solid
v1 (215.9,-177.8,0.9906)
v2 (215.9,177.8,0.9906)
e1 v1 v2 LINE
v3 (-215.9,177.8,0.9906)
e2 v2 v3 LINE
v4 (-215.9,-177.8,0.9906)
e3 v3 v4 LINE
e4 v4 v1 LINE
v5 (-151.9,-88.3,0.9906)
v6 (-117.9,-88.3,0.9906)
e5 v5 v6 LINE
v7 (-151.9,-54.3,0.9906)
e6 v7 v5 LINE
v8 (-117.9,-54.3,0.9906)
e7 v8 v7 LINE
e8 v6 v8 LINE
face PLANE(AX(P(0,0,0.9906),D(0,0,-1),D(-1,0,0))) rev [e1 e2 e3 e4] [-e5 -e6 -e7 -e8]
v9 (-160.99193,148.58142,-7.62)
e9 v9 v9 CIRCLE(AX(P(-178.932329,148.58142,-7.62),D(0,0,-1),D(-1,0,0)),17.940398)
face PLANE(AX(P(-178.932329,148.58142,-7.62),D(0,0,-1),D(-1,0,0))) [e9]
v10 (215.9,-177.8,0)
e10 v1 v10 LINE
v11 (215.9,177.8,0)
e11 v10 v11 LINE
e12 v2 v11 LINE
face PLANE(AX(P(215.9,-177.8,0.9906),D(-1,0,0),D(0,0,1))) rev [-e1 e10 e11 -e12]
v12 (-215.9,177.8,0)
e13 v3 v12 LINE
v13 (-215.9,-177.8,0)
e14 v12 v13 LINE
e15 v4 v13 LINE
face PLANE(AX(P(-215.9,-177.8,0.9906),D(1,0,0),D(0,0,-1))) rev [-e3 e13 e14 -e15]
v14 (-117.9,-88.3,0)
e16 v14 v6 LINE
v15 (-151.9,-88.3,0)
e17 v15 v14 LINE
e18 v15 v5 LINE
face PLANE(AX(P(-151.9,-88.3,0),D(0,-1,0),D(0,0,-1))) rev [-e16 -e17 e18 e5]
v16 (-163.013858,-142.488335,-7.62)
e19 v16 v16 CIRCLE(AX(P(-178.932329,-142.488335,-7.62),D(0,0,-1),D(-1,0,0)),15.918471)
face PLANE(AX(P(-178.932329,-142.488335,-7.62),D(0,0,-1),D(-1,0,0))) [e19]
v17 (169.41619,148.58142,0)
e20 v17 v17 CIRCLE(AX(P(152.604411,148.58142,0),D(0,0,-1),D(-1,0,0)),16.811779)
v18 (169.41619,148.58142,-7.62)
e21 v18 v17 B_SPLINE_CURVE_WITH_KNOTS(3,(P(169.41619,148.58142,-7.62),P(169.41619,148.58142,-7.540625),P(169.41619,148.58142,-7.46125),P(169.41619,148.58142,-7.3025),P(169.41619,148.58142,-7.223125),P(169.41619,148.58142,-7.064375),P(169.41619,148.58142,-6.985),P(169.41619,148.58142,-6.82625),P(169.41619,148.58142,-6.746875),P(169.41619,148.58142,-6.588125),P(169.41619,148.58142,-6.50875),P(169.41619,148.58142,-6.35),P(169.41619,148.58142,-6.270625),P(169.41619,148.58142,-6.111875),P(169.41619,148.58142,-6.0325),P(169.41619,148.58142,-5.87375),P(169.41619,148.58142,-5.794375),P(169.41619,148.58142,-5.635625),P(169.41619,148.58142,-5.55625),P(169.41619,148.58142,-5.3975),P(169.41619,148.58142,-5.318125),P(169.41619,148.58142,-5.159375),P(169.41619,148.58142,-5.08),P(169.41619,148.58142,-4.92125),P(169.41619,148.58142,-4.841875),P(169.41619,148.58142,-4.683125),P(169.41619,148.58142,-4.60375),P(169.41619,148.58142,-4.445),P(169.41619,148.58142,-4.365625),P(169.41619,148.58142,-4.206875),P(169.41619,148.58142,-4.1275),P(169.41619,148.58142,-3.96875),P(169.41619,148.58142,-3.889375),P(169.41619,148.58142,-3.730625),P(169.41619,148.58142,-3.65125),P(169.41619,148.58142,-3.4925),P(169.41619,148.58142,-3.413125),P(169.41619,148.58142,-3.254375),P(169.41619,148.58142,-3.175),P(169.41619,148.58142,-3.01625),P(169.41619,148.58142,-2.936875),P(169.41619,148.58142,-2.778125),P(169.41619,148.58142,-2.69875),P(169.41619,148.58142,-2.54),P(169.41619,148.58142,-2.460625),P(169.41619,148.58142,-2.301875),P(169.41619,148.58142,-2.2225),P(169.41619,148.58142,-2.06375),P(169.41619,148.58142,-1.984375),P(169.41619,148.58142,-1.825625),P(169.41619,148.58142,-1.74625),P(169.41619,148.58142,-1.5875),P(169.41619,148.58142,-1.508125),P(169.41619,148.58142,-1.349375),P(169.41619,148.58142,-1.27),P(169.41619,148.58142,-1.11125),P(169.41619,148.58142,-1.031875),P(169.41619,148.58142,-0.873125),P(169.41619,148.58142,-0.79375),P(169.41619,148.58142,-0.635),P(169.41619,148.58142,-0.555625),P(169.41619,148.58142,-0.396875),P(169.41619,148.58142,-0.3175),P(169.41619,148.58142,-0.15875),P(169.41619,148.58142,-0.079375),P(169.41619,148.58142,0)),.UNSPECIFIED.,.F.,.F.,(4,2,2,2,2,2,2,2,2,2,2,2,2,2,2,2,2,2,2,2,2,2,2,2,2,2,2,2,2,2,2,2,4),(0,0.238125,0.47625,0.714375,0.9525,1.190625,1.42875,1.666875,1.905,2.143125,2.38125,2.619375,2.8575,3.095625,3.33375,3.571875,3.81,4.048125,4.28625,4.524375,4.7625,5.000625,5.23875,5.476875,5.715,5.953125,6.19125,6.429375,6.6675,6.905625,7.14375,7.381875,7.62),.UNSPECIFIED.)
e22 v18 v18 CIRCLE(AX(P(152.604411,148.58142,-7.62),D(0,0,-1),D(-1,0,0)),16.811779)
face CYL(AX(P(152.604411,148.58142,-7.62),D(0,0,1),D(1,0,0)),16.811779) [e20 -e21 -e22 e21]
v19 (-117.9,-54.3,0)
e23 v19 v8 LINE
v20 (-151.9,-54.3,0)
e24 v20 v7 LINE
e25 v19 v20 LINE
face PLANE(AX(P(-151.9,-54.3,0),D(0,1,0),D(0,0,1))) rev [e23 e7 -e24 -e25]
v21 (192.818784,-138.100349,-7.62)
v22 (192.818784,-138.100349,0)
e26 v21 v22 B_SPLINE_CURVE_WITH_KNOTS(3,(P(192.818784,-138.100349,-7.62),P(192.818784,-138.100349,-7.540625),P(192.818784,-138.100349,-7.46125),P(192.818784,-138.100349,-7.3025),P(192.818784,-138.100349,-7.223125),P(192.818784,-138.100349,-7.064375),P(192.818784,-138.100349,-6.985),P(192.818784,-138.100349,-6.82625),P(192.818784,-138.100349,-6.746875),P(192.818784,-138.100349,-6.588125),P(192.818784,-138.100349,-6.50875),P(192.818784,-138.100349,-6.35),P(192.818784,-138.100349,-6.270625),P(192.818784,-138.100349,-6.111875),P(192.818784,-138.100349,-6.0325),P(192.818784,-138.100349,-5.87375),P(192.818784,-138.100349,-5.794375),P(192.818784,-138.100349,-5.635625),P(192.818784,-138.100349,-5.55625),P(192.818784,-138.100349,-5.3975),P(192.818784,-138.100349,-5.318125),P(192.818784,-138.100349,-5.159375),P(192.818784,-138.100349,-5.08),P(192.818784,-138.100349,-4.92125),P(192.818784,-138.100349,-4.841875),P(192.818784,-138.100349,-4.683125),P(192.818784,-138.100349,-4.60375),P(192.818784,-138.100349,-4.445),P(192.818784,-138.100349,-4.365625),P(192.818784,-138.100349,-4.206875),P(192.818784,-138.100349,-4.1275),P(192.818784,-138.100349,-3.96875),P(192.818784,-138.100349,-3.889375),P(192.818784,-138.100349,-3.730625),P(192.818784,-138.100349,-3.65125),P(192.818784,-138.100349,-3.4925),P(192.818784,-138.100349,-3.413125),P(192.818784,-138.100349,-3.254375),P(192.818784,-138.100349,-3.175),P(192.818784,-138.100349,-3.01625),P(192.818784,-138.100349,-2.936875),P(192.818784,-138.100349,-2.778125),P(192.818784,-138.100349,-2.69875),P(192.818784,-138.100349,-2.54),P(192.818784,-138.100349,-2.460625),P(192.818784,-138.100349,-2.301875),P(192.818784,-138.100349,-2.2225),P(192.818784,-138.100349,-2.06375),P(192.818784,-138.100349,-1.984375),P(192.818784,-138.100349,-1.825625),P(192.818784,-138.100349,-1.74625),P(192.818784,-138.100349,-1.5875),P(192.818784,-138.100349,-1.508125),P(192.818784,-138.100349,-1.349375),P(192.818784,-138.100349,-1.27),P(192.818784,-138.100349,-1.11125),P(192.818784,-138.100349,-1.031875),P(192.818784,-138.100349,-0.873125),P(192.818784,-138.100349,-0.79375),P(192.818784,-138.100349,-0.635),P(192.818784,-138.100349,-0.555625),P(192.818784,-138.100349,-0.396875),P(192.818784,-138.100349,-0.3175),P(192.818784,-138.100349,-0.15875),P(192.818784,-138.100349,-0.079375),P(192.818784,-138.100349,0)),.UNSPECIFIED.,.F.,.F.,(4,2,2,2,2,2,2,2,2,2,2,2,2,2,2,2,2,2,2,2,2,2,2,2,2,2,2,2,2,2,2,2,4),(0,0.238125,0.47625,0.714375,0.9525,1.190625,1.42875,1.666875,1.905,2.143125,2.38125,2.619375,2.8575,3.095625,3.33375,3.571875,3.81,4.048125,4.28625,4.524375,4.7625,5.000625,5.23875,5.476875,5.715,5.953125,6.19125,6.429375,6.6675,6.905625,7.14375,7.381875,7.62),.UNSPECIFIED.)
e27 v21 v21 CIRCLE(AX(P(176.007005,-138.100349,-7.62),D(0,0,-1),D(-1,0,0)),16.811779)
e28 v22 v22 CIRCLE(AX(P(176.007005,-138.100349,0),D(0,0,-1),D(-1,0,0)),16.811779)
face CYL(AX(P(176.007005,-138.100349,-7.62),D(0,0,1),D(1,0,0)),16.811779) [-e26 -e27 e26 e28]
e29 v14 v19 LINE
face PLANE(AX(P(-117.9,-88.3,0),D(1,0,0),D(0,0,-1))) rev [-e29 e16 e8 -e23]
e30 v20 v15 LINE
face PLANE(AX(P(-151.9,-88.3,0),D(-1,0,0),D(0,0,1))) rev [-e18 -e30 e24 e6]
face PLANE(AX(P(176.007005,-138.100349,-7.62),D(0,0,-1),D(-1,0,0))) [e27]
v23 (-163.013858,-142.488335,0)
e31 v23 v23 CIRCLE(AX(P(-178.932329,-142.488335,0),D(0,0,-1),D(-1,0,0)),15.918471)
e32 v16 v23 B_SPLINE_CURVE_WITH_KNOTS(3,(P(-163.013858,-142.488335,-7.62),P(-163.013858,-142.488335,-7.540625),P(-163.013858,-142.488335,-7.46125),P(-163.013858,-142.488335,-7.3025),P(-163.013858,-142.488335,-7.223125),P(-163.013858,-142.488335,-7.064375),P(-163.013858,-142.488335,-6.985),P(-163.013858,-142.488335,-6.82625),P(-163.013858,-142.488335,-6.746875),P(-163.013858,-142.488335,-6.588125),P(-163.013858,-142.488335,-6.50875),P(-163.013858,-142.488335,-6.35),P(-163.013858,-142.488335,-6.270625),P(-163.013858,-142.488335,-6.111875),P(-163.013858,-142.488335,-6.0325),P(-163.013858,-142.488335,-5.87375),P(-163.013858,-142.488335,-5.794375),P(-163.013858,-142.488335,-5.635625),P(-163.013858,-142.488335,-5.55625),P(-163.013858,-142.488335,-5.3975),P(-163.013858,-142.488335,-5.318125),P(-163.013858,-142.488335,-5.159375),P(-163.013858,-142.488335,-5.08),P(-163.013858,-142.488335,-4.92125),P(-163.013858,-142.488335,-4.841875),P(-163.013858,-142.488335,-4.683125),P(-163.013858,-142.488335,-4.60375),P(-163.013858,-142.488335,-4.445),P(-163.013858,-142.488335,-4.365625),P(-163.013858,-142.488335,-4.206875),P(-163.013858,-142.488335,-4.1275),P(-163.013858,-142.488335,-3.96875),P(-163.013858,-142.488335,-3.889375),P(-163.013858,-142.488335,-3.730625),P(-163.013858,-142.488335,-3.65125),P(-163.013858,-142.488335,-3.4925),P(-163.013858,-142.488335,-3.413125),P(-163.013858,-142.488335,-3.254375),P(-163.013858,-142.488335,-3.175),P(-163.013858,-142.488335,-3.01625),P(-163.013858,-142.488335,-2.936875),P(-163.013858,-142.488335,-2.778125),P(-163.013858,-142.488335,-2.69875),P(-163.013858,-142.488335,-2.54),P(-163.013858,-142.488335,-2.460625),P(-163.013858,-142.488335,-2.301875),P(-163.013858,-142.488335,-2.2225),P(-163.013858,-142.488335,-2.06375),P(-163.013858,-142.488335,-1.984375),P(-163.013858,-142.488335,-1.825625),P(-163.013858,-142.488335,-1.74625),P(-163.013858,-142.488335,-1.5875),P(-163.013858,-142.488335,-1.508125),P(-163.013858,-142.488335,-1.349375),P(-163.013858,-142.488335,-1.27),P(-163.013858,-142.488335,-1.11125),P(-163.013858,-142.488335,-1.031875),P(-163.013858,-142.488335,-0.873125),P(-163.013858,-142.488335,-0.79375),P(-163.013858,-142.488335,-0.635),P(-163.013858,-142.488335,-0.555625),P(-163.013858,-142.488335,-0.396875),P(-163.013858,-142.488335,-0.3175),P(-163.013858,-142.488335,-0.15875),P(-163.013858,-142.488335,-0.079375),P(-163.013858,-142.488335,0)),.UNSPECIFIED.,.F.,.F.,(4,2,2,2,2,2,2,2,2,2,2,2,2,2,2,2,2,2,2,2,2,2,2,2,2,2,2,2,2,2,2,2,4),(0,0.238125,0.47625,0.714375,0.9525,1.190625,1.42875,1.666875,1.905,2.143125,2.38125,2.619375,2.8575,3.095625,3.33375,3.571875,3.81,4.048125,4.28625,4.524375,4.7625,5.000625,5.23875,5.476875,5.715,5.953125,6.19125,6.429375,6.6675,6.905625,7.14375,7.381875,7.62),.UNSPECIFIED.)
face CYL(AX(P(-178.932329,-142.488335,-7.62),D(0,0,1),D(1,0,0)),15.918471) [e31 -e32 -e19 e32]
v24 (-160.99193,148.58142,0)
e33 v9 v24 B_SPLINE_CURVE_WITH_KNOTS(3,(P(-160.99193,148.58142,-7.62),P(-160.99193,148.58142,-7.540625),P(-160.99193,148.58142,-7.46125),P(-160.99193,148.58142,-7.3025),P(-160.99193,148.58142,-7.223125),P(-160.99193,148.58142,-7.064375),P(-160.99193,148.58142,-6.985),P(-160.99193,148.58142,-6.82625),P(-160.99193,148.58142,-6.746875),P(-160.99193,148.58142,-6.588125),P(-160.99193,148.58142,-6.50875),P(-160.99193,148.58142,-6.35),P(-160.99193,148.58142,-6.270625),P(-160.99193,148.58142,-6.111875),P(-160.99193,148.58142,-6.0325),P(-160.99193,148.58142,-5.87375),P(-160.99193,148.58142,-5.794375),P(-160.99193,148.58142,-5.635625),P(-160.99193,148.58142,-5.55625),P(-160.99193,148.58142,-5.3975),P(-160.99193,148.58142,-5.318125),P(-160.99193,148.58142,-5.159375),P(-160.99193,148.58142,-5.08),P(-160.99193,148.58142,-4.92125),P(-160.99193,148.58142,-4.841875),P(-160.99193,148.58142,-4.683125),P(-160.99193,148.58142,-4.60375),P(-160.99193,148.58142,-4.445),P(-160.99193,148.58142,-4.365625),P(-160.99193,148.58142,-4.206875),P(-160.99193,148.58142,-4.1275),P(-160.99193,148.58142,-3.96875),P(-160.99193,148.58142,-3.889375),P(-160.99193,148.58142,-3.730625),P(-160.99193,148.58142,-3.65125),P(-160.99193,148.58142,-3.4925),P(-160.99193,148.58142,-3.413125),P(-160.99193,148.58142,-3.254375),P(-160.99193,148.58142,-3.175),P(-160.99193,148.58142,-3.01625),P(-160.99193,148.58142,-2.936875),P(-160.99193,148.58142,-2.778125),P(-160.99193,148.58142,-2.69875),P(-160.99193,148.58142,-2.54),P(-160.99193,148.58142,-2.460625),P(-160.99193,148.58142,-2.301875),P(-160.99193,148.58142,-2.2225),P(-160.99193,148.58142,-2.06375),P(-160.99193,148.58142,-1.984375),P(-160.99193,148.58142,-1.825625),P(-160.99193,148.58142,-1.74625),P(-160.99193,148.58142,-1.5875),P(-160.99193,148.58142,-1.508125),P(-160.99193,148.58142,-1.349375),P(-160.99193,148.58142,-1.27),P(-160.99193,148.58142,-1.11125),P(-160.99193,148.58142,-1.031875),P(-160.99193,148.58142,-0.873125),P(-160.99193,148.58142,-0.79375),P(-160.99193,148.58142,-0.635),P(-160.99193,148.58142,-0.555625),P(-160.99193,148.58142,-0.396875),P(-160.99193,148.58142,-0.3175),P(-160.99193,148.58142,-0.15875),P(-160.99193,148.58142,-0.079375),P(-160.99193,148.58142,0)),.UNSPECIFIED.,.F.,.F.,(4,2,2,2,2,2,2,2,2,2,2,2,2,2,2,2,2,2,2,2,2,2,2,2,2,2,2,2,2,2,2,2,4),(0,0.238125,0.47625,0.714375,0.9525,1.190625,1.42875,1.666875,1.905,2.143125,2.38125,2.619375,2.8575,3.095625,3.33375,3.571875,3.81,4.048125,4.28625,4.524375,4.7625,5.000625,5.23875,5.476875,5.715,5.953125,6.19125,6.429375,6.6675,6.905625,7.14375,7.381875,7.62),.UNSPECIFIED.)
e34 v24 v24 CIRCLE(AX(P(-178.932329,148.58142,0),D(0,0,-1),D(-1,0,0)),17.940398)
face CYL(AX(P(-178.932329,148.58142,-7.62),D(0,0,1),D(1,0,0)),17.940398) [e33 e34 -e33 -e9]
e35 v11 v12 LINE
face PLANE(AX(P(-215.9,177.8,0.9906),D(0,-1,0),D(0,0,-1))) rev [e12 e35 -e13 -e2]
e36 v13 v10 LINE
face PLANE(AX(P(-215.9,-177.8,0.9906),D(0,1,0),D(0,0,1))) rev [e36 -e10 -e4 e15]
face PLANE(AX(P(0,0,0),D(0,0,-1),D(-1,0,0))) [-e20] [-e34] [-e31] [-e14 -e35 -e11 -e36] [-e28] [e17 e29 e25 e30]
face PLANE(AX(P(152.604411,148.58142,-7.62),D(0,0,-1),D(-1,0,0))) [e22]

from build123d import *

# Parameters (mm, degrees)
SKETCH1_W           = 431.8
SKETCH1_H           = 355.6
BOSS_EXTRUDE1_DEPTH = 0.9906
SKETCH2_W           = 34
SKETCH2_H           = 34
CUT_EXTRUDE1_DEPTH  = 280.690241675
SKETCH3_R           = 16.811779192
SKETCH3_R_2         = 17.94039836
SKETCH3_R_3         = 15.918471064
BOSS_EXTRUDE2_DEPTH = 7.62


with BuildPart() as part:
    # Sketch1 → Boss-Extrude1 (new body)
    with BuildSketch(Plane.XY):
        Rectangle(SKETCH1_W, SKETCH1_H)
    extrude(amount=BOSS_EXTRUDE1_DEPTH)

    # Sketch2 → Cut-Extrude1 (cut, through all)
    with BuildSketch(Plane.XY.offset(0.9906)):
        with Locations((-134.9, -71.3)):
            Rectangle(SKETCH2_W, SKETCH2_H)
    extrude(amount=-CUT_EXTRUDE1_DEPTH, mode=Mode.SUBTRACT)

    # Sketch3 → Boss-Extrude2 (add)
    with BuildSketch(Plane(origin=(0, 0, 0), x_dir=(-1, 0, 0), z_dir=(0, 0, -1))):
        with Locations(Location((-152.604411187, 148.581420283, 0), (0, 0, 180))):
            Circle(SKETCH3_R)
        with Locations(Location((178.932328772, 148.581420283, 0), (0, 0, 180))):
            Circle(SKETCH3_R_2)
        with Locations(Location((-176.007004595, -138.100348975, 0), (0, 0, 180))):
            Circle(SKETCH3_R)
        with Locations(Location((178.932328772, -142.488335239, 0), (0, 0, 180))):
            Circle(SKETCH3_R_3)
    extrude(amount=BOSS_EXTRUDE2_DEPTH)


solid = part.part
